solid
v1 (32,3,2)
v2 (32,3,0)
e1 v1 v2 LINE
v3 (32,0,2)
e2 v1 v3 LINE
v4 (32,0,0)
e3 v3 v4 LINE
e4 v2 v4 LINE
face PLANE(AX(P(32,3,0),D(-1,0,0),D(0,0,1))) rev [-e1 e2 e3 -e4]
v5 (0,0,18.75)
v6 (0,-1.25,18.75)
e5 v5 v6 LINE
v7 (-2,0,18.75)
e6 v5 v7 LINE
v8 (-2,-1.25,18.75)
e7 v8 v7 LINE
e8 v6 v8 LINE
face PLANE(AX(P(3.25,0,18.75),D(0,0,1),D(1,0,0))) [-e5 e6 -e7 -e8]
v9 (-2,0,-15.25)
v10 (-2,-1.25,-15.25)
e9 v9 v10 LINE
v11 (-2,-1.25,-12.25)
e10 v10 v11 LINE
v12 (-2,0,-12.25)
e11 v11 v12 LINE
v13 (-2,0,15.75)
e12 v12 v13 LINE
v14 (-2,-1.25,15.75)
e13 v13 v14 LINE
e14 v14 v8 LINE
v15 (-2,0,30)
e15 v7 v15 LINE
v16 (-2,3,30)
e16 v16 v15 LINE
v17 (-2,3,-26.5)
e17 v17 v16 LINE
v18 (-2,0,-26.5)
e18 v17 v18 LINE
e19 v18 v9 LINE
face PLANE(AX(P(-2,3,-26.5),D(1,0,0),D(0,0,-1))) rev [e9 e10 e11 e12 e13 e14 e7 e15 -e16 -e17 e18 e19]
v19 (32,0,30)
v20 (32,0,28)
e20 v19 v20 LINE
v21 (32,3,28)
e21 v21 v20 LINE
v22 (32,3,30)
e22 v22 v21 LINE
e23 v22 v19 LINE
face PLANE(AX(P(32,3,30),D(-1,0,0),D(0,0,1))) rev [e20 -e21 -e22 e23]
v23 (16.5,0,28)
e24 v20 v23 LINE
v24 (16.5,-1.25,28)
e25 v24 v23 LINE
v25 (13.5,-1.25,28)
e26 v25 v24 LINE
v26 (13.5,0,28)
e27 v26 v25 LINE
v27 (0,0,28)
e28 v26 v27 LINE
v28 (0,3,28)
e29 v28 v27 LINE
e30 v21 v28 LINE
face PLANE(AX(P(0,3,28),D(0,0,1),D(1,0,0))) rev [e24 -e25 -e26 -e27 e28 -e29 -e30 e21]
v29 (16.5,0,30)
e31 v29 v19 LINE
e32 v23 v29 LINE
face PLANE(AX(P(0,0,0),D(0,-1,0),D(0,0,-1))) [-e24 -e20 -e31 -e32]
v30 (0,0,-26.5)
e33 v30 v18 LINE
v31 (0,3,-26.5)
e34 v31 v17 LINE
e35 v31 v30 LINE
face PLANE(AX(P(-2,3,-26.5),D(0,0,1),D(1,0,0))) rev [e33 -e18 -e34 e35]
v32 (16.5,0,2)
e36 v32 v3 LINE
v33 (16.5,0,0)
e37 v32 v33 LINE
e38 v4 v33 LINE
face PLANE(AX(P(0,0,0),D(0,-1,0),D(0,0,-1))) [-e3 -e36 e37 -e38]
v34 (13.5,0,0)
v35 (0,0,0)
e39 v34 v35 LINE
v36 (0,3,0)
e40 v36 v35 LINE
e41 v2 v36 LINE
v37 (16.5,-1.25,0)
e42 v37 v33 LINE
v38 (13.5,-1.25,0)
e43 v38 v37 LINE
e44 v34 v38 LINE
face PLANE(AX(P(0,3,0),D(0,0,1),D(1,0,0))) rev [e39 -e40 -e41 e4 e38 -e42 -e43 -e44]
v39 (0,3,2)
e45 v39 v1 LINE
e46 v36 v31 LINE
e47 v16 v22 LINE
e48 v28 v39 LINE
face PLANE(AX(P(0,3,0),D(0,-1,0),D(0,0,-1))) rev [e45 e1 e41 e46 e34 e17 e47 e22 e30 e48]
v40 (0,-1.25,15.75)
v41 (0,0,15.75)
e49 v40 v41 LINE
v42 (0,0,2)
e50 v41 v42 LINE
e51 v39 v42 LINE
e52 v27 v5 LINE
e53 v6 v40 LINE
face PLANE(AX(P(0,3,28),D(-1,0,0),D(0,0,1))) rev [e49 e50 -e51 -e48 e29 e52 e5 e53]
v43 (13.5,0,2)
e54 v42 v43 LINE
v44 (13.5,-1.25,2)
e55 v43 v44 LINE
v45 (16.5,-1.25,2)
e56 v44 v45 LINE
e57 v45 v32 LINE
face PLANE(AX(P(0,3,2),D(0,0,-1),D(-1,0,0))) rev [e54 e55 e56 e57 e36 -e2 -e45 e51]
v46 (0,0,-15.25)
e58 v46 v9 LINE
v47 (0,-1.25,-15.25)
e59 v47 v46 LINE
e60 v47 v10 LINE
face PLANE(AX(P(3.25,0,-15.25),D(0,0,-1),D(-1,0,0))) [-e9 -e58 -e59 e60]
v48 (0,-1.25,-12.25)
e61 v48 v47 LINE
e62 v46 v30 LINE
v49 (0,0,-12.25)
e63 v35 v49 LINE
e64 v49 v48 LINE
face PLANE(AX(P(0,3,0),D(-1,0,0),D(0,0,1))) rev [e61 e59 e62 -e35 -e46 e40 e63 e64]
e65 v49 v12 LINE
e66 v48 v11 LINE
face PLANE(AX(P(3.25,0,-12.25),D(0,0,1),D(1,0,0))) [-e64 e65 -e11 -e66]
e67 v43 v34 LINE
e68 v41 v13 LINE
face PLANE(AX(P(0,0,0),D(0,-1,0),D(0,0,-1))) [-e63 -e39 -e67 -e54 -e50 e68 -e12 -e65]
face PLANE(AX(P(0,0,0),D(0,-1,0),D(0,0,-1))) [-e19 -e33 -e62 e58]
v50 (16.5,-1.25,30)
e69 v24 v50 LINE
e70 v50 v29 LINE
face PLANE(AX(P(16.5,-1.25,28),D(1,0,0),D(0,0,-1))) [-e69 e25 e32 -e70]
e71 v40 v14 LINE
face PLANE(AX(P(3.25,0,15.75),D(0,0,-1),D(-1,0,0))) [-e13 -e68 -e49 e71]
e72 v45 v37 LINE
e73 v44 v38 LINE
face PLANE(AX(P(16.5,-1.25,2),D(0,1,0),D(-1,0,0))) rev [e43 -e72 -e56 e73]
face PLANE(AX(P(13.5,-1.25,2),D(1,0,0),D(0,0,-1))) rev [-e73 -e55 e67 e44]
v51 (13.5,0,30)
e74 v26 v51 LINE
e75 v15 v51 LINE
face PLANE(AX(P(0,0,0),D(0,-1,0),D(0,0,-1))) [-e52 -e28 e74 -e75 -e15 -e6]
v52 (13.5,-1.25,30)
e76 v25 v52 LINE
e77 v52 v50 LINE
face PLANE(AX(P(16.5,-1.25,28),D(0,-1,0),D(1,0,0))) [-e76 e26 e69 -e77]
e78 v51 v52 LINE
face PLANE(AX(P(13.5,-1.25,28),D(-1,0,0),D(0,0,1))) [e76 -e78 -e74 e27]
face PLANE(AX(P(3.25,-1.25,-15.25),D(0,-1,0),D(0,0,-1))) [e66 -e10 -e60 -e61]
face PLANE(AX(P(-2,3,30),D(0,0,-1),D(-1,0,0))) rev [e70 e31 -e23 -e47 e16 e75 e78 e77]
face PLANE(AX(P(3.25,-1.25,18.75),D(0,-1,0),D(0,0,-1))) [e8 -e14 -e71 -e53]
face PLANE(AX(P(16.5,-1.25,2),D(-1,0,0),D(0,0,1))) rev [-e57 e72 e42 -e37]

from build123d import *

# Parameters (mm, degrees)
RESSALTO_EXTRUS_O1_DEPTH = 3
ESBO_O3_W                = 3
ESBO_O3_H                = 1.25
RESSALTO_EXTRUS_O2_DEPTH = 2
ESBO_O4_W                = 3
ESBO_O4_H                = 1.25
RESSALTO_EXTRUS_O3_DEPTH = 2


with BuildPart() as part:
    # Esboço1 → Ressalto-extrusão1 (new body)
    with BuildSketch(Plane(origin=(0, 0, 0), x_dir=(1, 0, 0), z_dir=(0, 1, 0))):
        Polygon((0, -28), (0, -2), (32, -2), (32, 0), (0, 0), (0, 26.5), (-2, 26.5), (-2, -30), (32, -30), (32, -28), align=None)
    extrude(amount=RESSALTO_EXTRUS_O1_DEPTH)

    # Esboço3 → Ressalto-extrusão2 (add)
    with BuildSketch(Plane.ZY.offset(2)):
        with Locations((-13.75, -0.625)):
            Rectangle(ESBO_O3_W, ESBO_O3_H)
        with Locations((17.25, -0.625)):
            Rectangle(ESBO_O3_W, ESBO_O3_H)
    extrude(amount=-RESSALTO_EXTRUS_O2_DEPTH)

    # Esboço4 → Ressalto-extrusão3 (add)
    with BuildSketch(Plane.XY.offset(30)):
        with Locations((15, -0.625)):
            Rectangle(ESBO_O4_W, ESBO_O4_H)
    ressalto_extrus_o3 = extrude(amount=-RESSALTO_EXTRUS_O3_DEPTH)

    # Espelhar1: Ressalto-extrusão3 across plane
    add(ressalto_extrus_o3.mirror(Plane.XY.offset(15)))


solid = part.part
